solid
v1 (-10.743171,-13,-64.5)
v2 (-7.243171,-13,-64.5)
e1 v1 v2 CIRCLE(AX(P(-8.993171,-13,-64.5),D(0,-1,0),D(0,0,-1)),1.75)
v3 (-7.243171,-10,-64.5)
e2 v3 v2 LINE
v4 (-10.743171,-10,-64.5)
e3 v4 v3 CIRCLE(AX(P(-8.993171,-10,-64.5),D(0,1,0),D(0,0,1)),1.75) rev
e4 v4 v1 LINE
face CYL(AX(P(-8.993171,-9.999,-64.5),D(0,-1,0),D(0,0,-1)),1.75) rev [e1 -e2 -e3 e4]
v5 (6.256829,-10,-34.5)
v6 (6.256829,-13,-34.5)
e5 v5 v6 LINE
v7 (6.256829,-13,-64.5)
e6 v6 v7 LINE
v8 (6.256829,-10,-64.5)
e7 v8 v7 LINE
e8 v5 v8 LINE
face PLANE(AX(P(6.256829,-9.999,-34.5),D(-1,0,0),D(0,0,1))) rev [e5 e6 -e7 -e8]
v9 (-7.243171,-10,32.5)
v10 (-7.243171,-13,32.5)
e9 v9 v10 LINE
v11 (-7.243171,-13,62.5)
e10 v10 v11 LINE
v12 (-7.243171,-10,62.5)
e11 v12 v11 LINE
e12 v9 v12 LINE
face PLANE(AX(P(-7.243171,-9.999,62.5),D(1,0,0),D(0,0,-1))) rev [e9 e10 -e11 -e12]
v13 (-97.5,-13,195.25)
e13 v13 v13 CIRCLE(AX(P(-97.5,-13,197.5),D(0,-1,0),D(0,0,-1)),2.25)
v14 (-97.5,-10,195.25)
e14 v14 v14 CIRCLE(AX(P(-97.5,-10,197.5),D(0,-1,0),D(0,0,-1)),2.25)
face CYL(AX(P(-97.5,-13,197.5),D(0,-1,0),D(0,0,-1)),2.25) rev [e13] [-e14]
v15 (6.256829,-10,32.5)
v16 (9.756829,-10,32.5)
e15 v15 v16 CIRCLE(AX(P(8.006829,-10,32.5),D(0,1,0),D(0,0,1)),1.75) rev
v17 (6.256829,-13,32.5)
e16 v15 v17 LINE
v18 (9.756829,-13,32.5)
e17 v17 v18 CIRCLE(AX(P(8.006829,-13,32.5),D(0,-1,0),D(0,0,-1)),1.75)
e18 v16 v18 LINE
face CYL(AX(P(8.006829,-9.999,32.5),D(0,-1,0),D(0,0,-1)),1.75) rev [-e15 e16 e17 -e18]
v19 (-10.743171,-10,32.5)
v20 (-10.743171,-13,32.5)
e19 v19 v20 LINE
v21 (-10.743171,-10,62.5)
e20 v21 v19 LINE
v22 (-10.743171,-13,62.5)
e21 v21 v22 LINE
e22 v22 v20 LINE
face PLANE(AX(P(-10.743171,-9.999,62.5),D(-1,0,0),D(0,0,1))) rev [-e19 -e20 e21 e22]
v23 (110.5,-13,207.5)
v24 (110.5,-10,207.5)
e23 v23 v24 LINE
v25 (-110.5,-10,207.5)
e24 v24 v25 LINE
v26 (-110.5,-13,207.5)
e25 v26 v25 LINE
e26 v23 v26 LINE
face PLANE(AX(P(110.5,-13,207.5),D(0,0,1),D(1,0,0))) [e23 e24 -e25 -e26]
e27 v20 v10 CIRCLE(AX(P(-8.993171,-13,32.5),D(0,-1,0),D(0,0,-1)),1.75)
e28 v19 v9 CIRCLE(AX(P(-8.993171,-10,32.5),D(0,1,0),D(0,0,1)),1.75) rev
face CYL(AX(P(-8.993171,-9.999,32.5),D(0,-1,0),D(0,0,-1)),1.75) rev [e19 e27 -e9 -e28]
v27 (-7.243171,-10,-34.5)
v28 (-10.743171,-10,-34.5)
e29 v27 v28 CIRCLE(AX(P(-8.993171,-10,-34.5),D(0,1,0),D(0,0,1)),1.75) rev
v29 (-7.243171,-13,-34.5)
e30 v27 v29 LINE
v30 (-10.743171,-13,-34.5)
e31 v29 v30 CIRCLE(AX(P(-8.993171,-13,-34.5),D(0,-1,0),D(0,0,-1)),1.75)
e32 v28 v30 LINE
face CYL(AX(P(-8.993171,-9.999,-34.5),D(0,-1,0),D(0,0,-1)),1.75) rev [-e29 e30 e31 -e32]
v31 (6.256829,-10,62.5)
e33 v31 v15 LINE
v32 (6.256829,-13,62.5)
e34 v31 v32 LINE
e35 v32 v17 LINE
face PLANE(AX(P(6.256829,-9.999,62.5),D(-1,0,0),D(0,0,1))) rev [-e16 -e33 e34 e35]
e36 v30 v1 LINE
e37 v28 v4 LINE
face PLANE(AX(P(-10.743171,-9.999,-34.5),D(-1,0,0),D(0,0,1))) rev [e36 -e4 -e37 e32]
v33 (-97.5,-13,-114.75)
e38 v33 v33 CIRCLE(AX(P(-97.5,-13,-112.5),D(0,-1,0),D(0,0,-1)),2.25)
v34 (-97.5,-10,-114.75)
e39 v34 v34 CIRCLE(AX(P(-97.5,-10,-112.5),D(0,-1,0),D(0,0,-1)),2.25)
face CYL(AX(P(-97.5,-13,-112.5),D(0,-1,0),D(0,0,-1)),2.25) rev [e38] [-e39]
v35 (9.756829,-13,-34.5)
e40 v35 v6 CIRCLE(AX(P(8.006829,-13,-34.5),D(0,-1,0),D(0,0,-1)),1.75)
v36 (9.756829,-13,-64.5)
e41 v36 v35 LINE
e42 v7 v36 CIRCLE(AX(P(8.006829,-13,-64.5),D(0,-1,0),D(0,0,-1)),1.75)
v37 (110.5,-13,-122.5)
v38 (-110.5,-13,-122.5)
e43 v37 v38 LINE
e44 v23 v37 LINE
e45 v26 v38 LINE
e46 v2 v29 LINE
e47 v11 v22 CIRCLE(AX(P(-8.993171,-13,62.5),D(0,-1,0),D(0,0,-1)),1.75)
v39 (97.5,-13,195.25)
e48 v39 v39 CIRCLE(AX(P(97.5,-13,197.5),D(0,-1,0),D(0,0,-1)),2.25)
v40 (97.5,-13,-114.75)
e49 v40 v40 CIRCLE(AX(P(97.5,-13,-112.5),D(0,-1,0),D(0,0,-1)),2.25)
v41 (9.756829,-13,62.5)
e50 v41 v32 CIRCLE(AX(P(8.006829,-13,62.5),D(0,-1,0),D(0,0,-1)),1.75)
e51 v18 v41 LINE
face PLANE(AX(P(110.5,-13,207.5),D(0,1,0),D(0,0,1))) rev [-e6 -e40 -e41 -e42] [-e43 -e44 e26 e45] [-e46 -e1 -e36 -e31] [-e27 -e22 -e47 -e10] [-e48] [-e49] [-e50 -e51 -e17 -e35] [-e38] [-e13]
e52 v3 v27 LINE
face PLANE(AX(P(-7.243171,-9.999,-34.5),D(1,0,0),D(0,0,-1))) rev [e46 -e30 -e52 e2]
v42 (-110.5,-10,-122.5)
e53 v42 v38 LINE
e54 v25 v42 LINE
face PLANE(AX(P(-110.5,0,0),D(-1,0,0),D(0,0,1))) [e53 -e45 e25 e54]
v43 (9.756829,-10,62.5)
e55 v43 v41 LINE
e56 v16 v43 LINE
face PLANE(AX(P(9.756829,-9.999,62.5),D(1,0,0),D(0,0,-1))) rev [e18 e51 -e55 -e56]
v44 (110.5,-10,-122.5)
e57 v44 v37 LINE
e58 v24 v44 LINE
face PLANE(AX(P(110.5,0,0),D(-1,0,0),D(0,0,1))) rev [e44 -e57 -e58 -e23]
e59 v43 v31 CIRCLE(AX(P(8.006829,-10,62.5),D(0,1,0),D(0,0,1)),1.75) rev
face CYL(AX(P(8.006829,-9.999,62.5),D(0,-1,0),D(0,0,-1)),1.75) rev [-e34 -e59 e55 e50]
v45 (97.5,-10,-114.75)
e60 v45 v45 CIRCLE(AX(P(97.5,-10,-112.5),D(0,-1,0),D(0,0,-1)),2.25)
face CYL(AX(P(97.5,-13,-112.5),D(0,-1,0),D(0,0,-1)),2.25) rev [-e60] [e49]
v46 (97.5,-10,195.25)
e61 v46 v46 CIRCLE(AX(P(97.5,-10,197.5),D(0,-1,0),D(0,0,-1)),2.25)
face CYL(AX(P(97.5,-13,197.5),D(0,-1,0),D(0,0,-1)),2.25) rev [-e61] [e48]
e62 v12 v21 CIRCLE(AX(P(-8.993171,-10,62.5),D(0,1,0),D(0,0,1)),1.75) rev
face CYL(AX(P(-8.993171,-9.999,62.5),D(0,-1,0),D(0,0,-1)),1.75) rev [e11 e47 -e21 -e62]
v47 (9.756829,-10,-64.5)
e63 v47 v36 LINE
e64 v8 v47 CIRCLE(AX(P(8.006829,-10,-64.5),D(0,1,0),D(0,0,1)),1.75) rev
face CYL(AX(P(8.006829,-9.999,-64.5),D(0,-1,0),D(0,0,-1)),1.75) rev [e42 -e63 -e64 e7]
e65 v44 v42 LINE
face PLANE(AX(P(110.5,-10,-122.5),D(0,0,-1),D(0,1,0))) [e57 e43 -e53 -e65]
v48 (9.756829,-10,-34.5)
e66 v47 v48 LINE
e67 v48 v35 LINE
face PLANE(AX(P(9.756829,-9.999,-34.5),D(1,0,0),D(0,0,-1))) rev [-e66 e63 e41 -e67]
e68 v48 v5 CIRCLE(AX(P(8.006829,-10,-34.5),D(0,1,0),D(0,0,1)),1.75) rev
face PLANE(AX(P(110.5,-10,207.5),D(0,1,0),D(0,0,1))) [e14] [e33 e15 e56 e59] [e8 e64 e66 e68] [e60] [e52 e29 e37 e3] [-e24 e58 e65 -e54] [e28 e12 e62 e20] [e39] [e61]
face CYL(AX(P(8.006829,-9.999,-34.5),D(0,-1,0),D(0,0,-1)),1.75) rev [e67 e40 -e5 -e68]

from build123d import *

# Parameters (mm, degrees)
SKETCH1_W                = 330
SKETCH1_H                = 3
EXTRUDE_THIN1_DEPTH      = 110.5
EXTRUDE_THIN1_DEPTH_BACK = 110.5
CUT_EXTRUDE1_REACH       = 5
SKETCH2_R                = 2.1
M4_CLEARANCE_HOLE1_D     = 4.5


with BuildPart() as part:
    # Sketch1 → Extrude-Thin1 (new body, two sides)
    with BuildSketch(Plane(origin=(0, 0, 0), x_dir=(0, 0, -1), z_dir=(1, 0, 0))) as extrude_thin1_sk:
        with Locations((-42.5, -11.5)):
            Rectangle(SKETCH1_W, SKETCH1_H)
    extrude(amount=EXTRUDE_THIN1_DEPTH)
    extrude(extrude_thin1_sk.sketch, amount=-EXTRUDE_THIN1_DEPTH_BACK)

    # Sketch2 → Cut-Extrude1 (cut, up to next)
    with BuildSketch(Plane.XZ.offset(13), mode=Mode.PRIVATE) as cut_extrude1_sk1:
        with Locations((97.5, -112.5)):
            Circle(SKETCH2_R)
    cut_extrude1_tool1 = extrude(cut_extrude1_sk1.sketch, amount=-CUT_EXTRUDE1_REACH, mode=Mode.PRIVATE) & part.part
    add(cut_extrude1_tool1.solids().sort_by_distance((97.5, -13, -112.5))[0], mode=Mode.SUBTRACT)
    # Sketch2 → Cut-Extrude1 (cut, up to next)
    with BuildSketch(Plane.XZ.offset(13), mode=Mode.PRIVATE) as cut_extrude1_sk2:
        with Locations((-97.5, -112.5)):
            Circle(SKETCH2_R)
    cut_extrude1_tool2 = extrude(cut_extrude1_sk2.sketch, amount=-CUT_EXTRUDE1_REACH, mode=Mode.PRIVATE) & part.part
    add(cut_extrude1_tool2.solids().sort_by_distance((-97.5, -13, -112.5))[0], mode=Mode.SUBTRACT)
    # Sketch2 → Cut-Extrude1 (cut, up to next)
    with BuildSketch(Plane.XZ.offset(13), mode=Mode.PRIVATE) as cut_extrude1_sk3:
        with Locations((97.5, 197.5)):
            Circle(SKETCH2_R)
    cut_extrude1_tool3 = extrude(cut_extrude1_sk3.sketch, amount=-CUT_EXTRUDE1_REACH, mode=Mode.PRIVATE) & part.part
    add(cut_extrude1_tool3.solids().sort_by_distance((97.5, -13, 197.5))[0], mode=Mode.SUBTRACT)
    # Sketch2 → Cut-Extrude1 (cut, up to next)
    with BuildSketch(Plane.XZ.offset(13), mode=Mode.PRIVATE) as cut_extrude1_sk4:
        with Locations((-97.5, 197.5)):
            Circle(SKETCH2_R)
    cut_extrude1_tool4 = extrude(cut_extrude1_sk4.sketch, amount=-CUT_EXTRUDE1_REACH, mode=Mode.PRIVATE) & part.part
    add(cut_extrude1_tool4.solids().sort_by_distance((-97.5, -13, 197.5))[0], mode=Mode.SUBTRACT)
    # Sketch2 → Cut-Extrude1 (cut, up to next)
    with BuildSketch(Plane.XZ.offset(13), mode=Mode.PRIVATE) as cut_extrude1_sk5:
        with BuildLine():
            Line((-7.243170513, -34.5), (-7.243170513, -64.5))
            ThreePointArc((-7.243170513, -64.5), (-8.993170513, -66.25), (-10.743170513, -64.5))
            Line((-10.743170513, -64.5), (-10.743170513, -34.5))
            ThreePointArc((-10.743170513, -34.5), (-8.993170513, -32.75), (-7.243170513, -34.5))
        make_face()
    cut_extrude1_tool5 = extrude(cut_extrude1_sk5.sketch, amount=-CUT_EXTRUDE1_REACH, mode=Mode.PRIVATE) & part.part
    add(cut_extrude1_tool5.solids().sort_by_distance((-8.993171, -13, -49.5))[0], mode=Mode.SUBTRACT)
    # Sketch2 → Cut-Extrude1 (cut, up to next)
    with BuildSketch(Plane.XZ.offset(13), mode=Mode.PRIVATE) as cut_extrude1_sk6:
        with BuildLine():
            Line((9.756829487, -34.5), (9.756829487, -64.5))
            ThreePointArc((9.756829487, -64.5), (8.006829487, -66.25), (6.256829487, -64.5))
            Line((6.256829487, -64.5), (6.256829487, -34.5))
            ThreePointArc((6.256829487, -34.5), (8.006829487, -32.75), (9.756829487, -34.5))
        make_face()
    cut_extrude1_tool6 = extrude(cut_extrude1_sk6.sketch, amount=-CUT_EXTRUDE1_REACH, mode=Mode.PRIVATE) & part.part
    add(cut_extrude1_tool6.solids().sort_by_distance((8.006829, -13, -49.5))[0], mode=Mode.SUBTRACT)
    # Sketch2 → Cut-Extrude1 (cut, up to next)
    with BuildSketch(Plane.XZ.offset(13), mode=Mode.PRIVATE) as cut_extrude1_sk7:
        with BuildLine():
            Line((9.756829487, 62.5), (9.756829487, 32.5))
            ThreePointArc((9.756829487, 32.5), (8.006829487, 30.75), (6.256829487, 32.5))
            Line((6.256829487, 32.5), (6.256829487, 62.5))
            ThreePointArc((6.256829487, 62.5), (8.006829487, 64.25), (9.756829487, 62.5))
        make_face()
    cut_extrude1_tool7 = extrude(cut_extrude1_sk7.sketch, amount=-CUT_EXTRUDE1_REACH, mode=Mode.PRIVATE) & part.part
    add(cut_extrude1_tool7.solids().sort_by_distance((8.006829, -13, 47.5))[0], mode=Mode.SUBTRACT)
    # Sketch2 → Cut-Extrude1 (cut, up to next)
    with BuildSketch(Plane.XZ.offset(13), mode=Mode.PRIVATE) as cut_extrude1_sk8:
        with BuildLine():
            Line((-7.243170513, 62.5), (-7.243170513, 32.5))
            ThreePointArc((-7.243170513, 32.5), (-8.993170513, 30.75), (-10.743170513, 32.5))
            Line((-10.743170513, 32.5), (-10.743170513, 62.5))
            ThreePointArc((-10.743170513, 62.5), (-8.993170513, 64.25), (-7.243170513, 62.5))
        make_face()
    cut_extrude1_tool8 = extrude(cut_extrude1_sk8.sketch, amount=-CUT_EXTRUDE1_REACH, mode=Mode.PRIVATE) & part.part
    add(cut_extrude1_tool8.solids().sort_by_distance((-8.993171, -13, 47.5))[0], mode=Mode.SUBTRACT)

    # M4 Clearance Hole1 (through all)
    with Locations(Plane.XZ.offset(13)):
        with Locations((-97.5, 197.5), (97.5, 197.5), (97.5, -112.5), (-97.5, -112.5)):
            Hole(M4_CLEARANCE_HOLE1_D / 2)


solid = part.part
